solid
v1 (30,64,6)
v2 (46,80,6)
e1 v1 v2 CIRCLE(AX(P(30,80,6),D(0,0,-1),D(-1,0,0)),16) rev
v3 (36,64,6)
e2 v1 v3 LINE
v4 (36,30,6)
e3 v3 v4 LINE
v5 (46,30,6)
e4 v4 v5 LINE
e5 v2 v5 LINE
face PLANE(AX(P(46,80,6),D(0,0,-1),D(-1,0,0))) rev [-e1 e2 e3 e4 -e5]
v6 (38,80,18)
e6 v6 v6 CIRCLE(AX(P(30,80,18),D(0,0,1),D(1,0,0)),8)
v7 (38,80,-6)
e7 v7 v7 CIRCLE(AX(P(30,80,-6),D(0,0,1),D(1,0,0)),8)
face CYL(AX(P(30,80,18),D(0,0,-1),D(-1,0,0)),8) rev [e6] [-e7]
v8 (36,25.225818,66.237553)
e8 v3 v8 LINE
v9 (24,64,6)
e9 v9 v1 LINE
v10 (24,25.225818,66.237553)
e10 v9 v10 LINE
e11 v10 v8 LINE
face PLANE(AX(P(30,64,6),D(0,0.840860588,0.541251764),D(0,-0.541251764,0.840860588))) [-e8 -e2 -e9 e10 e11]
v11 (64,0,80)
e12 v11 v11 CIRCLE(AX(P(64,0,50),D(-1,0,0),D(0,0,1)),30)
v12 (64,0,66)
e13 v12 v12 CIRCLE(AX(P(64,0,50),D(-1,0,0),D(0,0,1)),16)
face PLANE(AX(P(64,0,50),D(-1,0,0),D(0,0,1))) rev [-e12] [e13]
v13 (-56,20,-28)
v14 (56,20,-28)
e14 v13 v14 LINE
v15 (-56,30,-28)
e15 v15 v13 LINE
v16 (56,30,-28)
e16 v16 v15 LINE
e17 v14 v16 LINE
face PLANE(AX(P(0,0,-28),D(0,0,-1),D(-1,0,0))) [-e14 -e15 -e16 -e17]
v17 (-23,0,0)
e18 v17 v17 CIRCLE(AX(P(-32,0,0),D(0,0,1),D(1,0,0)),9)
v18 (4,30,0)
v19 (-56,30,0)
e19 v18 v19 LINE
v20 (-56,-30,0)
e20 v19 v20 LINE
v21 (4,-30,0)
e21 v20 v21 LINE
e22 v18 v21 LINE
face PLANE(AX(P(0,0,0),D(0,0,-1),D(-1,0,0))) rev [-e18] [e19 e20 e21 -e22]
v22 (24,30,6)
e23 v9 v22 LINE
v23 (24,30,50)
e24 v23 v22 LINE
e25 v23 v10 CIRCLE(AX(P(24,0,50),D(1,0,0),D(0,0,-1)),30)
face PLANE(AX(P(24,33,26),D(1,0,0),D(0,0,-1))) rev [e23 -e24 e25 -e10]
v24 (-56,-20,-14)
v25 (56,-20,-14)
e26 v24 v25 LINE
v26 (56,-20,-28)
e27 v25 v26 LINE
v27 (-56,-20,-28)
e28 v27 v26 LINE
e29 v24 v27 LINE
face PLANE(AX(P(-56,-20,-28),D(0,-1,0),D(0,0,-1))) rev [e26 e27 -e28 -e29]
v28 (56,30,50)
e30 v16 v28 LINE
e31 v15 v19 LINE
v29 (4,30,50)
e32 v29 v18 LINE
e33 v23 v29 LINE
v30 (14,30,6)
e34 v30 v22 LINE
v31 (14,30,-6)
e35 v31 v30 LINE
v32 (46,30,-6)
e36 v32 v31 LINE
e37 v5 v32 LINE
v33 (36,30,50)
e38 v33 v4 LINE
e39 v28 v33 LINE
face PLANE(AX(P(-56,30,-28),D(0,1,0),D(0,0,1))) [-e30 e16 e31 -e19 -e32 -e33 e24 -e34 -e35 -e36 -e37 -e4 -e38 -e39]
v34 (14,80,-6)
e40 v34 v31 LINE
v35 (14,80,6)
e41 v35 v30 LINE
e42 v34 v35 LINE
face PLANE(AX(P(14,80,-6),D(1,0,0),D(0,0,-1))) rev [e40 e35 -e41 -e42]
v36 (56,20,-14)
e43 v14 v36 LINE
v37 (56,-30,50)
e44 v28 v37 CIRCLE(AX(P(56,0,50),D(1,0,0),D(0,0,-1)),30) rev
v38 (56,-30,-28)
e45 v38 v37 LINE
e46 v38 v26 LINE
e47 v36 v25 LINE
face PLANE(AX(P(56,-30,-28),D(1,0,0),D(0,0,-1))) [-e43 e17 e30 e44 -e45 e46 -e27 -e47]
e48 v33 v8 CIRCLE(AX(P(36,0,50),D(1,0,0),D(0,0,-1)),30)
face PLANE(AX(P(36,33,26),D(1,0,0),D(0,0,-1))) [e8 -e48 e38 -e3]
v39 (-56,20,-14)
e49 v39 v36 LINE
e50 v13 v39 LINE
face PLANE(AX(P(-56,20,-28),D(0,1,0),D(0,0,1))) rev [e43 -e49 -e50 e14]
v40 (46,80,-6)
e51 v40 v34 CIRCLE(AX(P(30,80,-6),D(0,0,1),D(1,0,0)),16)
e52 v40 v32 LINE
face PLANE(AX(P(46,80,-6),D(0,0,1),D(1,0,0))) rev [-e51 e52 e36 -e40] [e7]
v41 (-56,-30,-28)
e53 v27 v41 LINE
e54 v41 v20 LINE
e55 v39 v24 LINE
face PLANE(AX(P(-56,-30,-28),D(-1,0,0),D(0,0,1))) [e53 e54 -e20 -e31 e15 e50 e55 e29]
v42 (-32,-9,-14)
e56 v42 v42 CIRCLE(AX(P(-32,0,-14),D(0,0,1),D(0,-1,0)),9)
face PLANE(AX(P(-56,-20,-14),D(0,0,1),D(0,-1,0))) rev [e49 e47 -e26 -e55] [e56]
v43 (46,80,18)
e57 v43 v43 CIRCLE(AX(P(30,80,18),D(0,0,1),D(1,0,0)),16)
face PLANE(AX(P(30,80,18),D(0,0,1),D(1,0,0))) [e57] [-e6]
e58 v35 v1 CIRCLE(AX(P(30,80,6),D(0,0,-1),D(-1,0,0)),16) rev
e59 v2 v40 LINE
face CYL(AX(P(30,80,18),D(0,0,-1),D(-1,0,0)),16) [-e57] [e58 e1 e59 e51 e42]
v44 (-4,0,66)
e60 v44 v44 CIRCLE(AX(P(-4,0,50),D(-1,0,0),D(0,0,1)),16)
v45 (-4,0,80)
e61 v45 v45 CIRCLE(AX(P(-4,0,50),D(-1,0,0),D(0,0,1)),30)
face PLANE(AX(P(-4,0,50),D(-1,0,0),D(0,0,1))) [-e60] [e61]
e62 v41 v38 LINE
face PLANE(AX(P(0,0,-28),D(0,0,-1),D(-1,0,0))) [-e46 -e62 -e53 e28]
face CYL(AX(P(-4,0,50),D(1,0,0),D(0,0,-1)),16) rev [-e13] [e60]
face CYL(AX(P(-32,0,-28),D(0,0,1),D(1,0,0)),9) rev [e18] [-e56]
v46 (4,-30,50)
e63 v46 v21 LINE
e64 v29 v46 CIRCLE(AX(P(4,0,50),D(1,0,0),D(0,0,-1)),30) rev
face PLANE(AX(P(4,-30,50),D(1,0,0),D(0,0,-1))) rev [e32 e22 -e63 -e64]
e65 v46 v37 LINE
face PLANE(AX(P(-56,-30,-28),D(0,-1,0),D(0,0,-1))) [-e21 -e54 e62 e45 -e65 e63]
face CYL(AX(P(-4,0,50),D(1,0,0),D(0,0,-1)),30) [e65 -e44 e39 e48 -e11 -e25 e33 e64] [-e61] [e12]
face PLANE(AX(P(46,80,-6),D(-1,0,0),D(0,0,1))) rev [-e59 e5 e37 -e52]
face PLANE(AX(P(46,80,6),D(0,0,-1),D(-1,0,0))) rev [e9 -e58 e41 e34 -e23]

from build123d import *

# Parameters (mm, degrees)
SKETCH1_W                = 112
SKETCH1_H                = 60
BOSS_EXTRUDE1_DEPTH      = 28
SKETCH2_W                = 14
SKETCH2_H                = 40
CUT_EXTRUDE1_DEPTH       = 120.28118041
SKETCH3_W                = 52
SKETCH3_H                = 60
BOSS_EXTRUDE2_DEPTH      = 50
BOSS_EXTRUDE3_DEPTH      = 8
BOSS_EXTRUDE3_DEPTH_BACK = 60
SKETCH4_R                = 30
SKETCH4_R_2              = 16
SKETCH5_R                = 16
CUT_EXTRUDE2_DEPTH       = 105.403065089
SKETCH6_W                = 32
SKETCH6_H                = 12
BOSS_EXTRUDE4_DEPTH      = 50
BOSS_EXTRUDE5_DEPTH      = 12
BOSS_EXTRUDE5_DEPTH_BACK = 12
SKETCH8_R                = 16
SKETCH8_R_2              = 8
SKETCH9_R                = 8
CUT_EXTRUDE3_DEPTH       = 138.069325525
RIB1_REACH               = 153.697
SKETCH17_WALL_W          = 377.032111856
SKETCH17_WALL_H          = 12
SKETCH18_R               = 9
CUT_EXTRUDE4_DEPTH       = 141.399430198


with BuildPart() as part:
    # Sketch1 → Boss-Extrude1 (new body)
    with BuildSketch(Plane.XY):
        Rectangle(SKETCH1_W, SKETCH1_H)
    extrude(amount=-BOSS_EXTRUDE1_DEPTH)

    # Sketch2 → Cut-Extrude1 (cut, through all)
    with BuildSketch(Plane(origin=(56, 0, 0), x_dir=(0, 0, -1), z_dir=(1, 0, 0))):
        with Locations((21, 0)):
            Rectangle(SKETCH2_W, SKETCH2_H)
    extrude(amount=-CUT_EXTRUDE1_DEPTH, mode=Mode.SUBTRACT)

    # Sketch3 → Boss-Extrude2 (add)
    with BuildSketch(Plane.XY):
        with Locations((30, 0)):
            Rectangle(SKETCH3_W, SKETCH3_H)
    extrude(amount=BOSS_EXTRUDE2_DEPTH)

    # Sketch4 → Boss-Extrude3 (add, two sides: drawn at the far end of the back side and taken through both)
    with BuildSketch(Plane.ZY.offset(-4).offset(-BOSS_EXTRUDE3_DEPTH_BACK)):
        with Locations((50, 0)):
            Circle(SKETCH4_R)
        with Locations((50, 0)):
            Circle(SKETCH4_R_2, mode=Mode.SUBTRACT)
    extrude(amount=BOSS_EXTRUDE3_DEPTH + BOSS_EXTRUDE3_DEPTH_BACK)

    # Sketch5 → Cut-Extrude2 (cut, through all)
    with BuildSketch(Plane.ZY.offset(-4)):
        with Locations((50, 0)):
            Circle(SKETCH5_R)
    extrude(amount=-CUT_EXTRUDE2_DEPTH, mode=Mode.SUBTRACT)

    # Sketch6 → Boss-Extrude4 (add)
    with BuildSketch(Plane(origin=(0, 30, 0), x_dir=(1, 0, 0), z_dir=(0, 1, 0))):
        with Locations((30, 0)):
            Rectangle(SKETCH6_W, SKETCH6_H)
    extrude(amount=BOSS_EXTRUDE4_DEPTH)

    # Sketch8 → Boss-Extrude5 (add, two sides: drawn at the far end of the back side and taken through both)
    with BuildSketch(Plane.XY.offset(6).offset(-BOSS_EXTRUDE5_DEPTH_BACK)):
        with Locations((30, 80)):
            Circle(SKETCH8_R)
        with Locations((30, 80)):
            Circle(SKETCH8_R_2, mode=Mode.SUBTRACT)
    extrude(amount=BOSS_EXTRUDE5_DEPTH + BOSS_EXTRUDE5_DEPTH_BACK)

    # Sketch9 → Cut-Extrude3 (cut, through all)
    with BuildSketch(Plane.XY.offset(6)):
        with Locations((30, 80)):
            Circle(SKETCH9_R)
    extrude(amount=-CUT_EXTRUDE3_DEPTH, mode=Mode.SUBTRACT)

    # Sketch17 wall → Rib1 (add, up to next)
    with BuildSketch(Plane(origin=(30, 44.612908816, 36.118776459), x_dir=(0, -0.541251763971, 0.84086058773), z_dir=(0, -0.84086058773, -0.541251763971)), mode=Mode.PRIVATE) as rib1_sk1:
        Rectangle(SKETCH17_WALL_W, SKETCH17_WALL_H)
    rib1_tool1 = extrude(rib1_sk1.sketch, amount=RIB1_REACH, mode=Mode.PRIVATE) - part.part
    add(rib1_tool1.solids().sort_by_distance((30, 44.612908816, 36.118776459))[0])

    # Sketch18 → Cut-Extrude4 (cut, through all)
    with BuildSketch(Plane.XY):
        with Locations((-32, 0)):
            Circle(SKETCH18_R)
    extrude(amount=-CUT_EXTRUDE4_DEPTH, mode=Mode.SUBTRACT)


solid = part.part
